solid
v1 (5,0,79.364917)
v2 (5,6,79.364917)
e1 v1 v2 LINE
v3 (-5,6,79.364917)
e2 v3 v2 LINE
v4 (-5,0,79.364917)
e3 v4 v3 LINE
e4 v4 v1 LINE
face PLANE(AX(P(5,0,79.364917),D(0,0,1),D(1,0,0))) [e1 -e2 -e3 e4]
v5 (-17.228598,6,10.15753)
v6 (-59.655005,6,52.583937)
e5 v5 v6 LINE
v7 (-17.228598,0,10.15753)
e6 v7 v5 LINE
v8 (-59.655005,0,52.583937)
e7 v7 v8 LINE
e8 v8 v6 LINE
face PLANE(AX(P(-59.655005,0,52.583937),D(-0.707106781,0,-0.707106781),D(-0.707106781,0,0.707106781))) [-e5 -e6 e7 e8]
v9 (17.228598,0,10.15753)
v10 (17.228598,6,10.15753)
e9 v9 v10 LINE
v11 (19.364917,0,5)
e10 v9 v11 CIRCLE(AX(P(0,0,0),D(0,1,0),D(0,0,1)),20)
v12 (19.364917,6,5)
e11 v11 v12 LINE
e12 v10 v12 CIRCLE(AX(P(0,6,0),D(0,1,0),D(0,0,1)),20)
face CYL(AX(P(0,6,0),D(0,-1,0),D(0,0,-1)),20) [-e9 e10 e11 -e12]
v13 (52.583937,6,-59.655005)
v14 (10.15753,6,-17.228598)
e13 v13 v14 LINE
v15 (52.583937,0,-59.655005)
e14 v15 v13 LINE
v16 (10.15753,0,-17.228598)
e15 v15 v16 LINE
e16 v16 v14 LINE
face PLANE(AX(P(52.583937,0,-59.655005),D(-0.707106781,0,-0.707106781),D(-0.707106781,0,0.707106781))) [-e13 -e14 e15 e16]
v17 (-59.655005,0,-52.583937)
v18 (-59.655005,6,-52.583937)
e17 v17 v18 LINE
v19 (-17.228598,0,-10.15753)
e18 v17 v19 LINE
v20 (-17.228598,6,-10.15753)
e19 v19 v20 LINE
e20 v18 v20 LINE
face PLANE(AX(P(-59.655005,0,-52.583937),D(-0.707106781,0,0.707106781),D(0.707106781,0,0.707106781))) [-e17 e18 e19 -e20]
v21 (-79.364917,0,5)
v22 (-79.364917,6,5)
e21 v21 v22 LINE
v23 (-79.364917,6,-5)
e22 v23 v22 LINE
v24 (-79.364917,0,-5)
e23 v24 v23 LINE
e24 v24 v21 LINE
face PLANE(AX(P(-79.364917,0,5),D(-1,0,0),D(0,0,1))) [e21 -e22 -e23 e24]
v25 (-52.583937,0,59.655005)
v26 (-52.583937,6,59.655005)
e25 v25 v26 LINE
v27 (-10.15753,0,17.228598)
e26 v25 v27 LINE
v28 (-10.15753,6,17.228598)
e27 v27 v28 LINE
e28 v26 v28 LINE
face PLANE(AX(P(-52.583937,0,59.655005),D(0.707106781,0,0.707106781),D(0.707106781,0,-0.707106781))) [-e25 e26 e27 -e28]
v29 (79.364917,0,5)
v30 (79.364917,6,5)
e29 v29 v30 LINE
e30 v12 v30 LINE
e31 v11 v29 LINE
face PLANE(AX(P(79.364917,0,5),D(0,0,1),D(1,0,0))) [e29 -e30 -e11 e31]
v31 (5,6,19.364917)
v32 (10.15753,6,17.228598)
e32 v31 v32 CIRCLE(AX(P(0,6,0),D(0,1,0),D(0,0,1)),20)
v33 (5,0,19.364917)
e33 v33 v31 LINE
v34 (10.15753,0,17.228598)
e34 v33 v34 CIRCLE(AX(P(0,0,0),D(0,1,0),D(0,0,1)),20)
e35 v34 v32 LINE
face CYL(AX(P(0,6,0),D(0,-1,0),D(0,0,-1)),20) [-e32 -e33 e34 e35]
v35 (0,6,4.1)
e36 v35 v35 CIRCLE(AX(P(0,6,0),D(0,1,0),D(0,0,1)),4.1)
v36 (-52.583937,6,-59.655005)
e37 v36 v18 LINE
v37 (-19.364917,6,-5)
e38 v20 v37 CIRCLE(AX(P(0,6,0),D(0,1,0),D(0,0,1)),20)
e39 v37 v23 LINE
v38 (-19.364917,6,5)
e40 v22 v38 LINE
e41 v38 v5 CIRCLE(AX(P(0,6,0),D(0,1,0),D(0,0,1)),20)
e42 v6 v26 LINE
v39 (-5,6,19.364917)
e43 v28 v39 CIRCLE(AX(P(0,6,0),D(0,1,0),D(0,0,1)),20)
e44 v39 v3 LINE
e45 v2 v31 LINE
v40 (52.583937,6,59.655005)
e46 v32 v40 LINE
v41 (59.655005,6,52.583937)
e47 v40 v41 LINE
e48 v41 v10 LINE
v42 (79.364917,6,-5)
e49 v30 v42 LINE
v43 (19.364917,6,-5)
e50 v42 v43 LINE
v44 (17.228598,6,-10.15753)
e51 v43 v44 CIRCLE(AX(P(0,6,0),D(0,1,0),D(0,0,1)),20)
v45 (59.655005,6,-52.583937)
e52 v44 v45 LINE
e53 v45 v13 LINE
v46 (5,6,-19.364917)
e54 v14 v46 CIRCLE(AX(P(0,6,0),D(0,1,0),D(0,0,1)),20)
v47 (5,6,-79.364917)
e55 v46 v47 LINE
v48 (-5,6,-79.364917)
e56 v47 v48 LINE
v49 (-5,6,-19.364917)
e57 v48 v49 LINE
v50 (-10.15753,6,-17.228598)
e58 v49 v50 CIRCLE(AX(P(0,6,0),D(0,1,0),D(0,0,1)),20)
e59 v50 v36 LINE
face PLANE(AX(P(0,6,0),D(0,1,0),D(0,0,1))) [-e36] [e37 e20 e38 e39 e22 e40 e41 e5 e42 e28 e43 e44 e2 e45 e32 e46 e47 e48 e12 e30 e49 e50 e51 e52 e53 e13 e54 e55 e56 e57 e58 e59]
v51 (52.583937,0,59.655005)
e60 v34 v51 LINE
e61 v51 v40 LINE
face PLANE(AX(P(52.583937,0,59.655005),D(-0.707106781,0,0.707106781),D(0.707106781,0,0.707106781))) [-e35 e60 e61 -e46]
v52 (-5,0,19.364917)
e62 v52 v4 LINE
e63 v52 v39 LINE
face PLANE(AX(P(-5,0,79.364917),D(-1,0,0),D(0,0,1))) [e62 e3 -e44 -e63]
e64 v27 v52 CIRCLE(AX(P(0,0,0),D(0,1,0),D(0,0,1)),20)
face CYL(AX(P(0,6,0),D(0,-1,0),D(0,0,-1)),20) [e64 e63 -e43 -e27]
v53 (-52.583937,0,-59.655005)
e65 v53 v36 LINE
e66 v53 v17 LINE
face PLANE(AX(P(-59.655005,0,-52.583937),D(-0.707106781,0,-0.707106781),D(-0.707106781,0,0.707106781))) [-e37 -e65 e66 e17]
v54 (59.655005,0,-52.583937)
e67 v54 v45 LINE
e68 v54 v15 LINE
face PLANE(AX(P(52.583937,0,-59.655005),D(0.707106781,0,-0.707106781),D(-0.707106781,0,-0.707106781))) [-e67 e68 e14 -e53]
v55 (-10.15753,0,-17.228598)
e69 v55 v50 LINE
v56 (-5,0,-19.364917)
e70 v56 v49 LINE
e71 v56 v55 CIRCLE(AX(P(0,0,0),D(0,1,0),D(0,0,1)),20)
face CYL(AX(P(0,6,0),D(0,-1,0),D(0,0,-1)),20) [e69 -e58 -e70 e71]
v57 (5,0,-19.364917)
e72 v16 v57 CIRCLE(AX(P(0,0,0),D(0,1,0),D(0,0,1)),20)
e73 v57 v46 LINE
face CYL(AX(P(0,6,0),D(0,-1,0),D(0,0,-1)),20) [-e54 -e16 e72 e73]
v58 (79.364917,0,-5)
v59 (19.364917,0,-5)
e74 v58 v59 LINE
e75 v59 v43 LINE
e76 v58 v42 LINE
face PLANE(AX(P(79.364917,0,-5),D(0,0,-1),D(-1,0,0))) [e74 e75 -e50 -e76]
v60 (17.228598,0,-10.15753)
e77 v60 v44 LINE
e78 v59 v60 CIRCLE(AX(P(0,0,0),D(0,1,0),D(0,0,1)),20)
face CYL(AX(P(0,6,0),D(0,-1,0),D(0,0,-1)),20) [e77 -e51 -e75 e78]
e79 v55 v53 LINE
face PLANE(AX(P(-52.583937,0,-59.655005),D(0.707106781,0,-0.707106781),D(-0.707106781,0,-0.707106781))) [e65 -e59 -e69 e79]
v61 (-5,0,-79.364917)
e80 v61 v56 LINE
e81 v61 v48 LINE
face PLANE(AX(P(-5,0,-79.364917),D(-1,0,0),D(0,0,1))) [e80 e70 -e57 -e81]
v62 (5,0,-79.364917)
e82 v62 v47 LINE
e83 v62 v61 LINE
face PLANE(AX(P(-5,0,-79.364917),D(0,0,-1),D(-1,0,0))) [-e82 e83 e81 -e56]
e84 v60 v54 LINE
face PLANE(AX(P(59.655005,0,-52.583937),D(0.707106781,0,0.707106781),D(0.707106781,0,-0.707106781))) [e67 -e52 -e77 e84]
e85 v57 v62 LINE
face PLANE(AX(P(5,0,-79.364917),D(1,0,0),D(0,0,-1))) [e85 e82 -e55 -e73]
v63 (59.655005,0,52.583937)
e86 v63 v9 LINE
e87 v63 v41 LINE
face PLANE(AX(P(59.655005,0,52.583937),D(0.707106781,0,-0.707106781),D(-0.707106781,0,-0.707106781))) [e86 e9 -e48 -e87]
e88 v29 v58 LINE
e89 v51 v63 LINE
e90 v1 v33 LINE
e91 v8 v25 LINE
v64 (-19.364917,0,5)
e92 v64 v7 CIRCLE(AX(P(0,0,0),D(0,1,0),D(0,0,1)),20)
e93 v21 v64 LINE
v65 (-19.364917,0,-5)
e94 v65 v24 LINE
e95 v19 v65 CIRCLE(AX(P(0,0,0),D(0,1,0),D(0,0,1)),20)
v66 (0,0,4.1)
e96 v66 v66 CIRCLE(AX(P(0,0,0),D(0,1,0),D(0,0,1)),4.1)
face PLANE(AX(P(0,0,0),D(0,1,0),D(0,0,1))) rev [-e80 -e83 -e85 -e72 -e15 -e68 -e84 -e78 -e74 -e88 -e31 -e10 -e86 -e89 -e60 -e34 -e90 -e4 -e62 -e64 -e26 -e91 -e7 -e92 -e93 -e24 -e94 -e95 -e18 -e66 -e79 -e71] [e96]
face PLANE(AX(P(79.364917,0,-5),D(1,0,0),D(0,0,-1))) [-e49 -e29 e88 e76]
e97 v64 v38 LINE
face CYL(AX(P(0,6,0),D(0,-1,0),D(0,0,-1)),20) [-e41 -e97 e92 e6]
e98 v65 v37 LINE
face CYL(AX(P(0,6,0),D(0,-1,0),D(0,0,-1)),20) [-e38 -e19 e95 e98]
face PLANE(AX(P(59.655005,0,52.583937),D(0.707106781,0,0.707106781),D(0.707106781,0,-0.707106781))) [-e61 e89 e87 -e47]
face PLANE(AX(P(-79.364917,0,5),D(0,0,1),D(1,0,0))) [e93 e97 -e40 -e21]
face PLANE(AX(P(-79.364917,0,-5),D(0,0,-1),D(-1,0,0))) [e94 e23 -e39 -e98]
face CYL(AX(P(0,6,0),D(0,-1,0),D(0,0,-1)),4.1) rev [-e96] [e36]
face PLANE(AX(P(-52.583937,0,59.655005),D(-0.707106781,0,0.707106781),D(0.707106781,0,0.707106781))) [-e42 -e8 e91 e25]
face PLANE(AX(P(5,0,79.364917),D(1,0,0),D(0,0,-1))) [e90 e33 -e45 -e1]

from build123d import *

# Parameters (mm, degrees)
ESBO_O1_R                = 20
ESBO_O1_R_2              = 4.1
RESSALTO_EXTRUS_O1_DEPTH = 6
ESBO_O2_W                = 10
ESBO_O2_H                = 60
ESBO_O2_W_2              = 60
ESBO_O2_H_2              = 10
RESSALTO_EXTRUS_O2_DEPTH = 6


with BuildPart() as part:
    # Esboço1 → Ressalto-extrusão1 (new body)
    with BuildSketch(Plane(origin=(0, 0, 0), x_dir=(1, 0, 0), z_dir=(0, 1, 0))):
        with Locations(Location((0, 0, 0), (0, 0, 270))):
            Circle(ESBO_O1_R)
        with Locations(Location((0, 0, 0), (0, 0, 270))):
            Circle(ESBO_O1_R_2, mode=Mode.SUBTRACT)
    extrude(amount=RESSALTO_EXTRUS_O1_DEPTH)

    # Esboço2 → Ressalto-extrusão2 (add)
    with BuildSketch(Plane(origin=(0, 6, 0), x_dir=(1, 0, 0), z_dir=(0, 1, 0))):
        Polygon((52.583936903, 59.655004715), (59.655004715, 52.583936903), (17.228597844, 10.157530032), (10.157530032, 17.228597844), align=None)
        with Locations((0, 49.364916731)):
            Rectangle(ESBO_O2_W, ESBO_O2_H)
        with Locations((49.364916731, 0)):
            Rectangle(ESBO_O2_W_2, ESBO_O2_H_2)
        Polygon((59.655004715, -52.583936903), (52.583936903, -59.655004715), (10.157530032, -17.228597844), (17.228597844, -10.157530032), align=None)
        with Locations((0, -49.364916731)):
            Rectangle(ESBO_O2_W, ESBO_O2_H)
        Polygon((-52.583936903, -59.655004715), (-59.655004715, -52.583936903), (-17.228597844, -10.157530032), (-10.157530032, -17.228597844), align=None)
        with Locations((-49.364916731, 0)):
            Rectangle(ESBO_O2_W_2, ESBO_O2_H_2)
        Polygon((-59.655004715, 52.583936903), (-52.583936903, 59.655004715), (-10.157530032, 17.228597844), (-17.228597844, 10.157530032), align=None)
    extrude(amount=-RESSALTO_EXTRUS_O2_DEPTH)


solid = part.part
